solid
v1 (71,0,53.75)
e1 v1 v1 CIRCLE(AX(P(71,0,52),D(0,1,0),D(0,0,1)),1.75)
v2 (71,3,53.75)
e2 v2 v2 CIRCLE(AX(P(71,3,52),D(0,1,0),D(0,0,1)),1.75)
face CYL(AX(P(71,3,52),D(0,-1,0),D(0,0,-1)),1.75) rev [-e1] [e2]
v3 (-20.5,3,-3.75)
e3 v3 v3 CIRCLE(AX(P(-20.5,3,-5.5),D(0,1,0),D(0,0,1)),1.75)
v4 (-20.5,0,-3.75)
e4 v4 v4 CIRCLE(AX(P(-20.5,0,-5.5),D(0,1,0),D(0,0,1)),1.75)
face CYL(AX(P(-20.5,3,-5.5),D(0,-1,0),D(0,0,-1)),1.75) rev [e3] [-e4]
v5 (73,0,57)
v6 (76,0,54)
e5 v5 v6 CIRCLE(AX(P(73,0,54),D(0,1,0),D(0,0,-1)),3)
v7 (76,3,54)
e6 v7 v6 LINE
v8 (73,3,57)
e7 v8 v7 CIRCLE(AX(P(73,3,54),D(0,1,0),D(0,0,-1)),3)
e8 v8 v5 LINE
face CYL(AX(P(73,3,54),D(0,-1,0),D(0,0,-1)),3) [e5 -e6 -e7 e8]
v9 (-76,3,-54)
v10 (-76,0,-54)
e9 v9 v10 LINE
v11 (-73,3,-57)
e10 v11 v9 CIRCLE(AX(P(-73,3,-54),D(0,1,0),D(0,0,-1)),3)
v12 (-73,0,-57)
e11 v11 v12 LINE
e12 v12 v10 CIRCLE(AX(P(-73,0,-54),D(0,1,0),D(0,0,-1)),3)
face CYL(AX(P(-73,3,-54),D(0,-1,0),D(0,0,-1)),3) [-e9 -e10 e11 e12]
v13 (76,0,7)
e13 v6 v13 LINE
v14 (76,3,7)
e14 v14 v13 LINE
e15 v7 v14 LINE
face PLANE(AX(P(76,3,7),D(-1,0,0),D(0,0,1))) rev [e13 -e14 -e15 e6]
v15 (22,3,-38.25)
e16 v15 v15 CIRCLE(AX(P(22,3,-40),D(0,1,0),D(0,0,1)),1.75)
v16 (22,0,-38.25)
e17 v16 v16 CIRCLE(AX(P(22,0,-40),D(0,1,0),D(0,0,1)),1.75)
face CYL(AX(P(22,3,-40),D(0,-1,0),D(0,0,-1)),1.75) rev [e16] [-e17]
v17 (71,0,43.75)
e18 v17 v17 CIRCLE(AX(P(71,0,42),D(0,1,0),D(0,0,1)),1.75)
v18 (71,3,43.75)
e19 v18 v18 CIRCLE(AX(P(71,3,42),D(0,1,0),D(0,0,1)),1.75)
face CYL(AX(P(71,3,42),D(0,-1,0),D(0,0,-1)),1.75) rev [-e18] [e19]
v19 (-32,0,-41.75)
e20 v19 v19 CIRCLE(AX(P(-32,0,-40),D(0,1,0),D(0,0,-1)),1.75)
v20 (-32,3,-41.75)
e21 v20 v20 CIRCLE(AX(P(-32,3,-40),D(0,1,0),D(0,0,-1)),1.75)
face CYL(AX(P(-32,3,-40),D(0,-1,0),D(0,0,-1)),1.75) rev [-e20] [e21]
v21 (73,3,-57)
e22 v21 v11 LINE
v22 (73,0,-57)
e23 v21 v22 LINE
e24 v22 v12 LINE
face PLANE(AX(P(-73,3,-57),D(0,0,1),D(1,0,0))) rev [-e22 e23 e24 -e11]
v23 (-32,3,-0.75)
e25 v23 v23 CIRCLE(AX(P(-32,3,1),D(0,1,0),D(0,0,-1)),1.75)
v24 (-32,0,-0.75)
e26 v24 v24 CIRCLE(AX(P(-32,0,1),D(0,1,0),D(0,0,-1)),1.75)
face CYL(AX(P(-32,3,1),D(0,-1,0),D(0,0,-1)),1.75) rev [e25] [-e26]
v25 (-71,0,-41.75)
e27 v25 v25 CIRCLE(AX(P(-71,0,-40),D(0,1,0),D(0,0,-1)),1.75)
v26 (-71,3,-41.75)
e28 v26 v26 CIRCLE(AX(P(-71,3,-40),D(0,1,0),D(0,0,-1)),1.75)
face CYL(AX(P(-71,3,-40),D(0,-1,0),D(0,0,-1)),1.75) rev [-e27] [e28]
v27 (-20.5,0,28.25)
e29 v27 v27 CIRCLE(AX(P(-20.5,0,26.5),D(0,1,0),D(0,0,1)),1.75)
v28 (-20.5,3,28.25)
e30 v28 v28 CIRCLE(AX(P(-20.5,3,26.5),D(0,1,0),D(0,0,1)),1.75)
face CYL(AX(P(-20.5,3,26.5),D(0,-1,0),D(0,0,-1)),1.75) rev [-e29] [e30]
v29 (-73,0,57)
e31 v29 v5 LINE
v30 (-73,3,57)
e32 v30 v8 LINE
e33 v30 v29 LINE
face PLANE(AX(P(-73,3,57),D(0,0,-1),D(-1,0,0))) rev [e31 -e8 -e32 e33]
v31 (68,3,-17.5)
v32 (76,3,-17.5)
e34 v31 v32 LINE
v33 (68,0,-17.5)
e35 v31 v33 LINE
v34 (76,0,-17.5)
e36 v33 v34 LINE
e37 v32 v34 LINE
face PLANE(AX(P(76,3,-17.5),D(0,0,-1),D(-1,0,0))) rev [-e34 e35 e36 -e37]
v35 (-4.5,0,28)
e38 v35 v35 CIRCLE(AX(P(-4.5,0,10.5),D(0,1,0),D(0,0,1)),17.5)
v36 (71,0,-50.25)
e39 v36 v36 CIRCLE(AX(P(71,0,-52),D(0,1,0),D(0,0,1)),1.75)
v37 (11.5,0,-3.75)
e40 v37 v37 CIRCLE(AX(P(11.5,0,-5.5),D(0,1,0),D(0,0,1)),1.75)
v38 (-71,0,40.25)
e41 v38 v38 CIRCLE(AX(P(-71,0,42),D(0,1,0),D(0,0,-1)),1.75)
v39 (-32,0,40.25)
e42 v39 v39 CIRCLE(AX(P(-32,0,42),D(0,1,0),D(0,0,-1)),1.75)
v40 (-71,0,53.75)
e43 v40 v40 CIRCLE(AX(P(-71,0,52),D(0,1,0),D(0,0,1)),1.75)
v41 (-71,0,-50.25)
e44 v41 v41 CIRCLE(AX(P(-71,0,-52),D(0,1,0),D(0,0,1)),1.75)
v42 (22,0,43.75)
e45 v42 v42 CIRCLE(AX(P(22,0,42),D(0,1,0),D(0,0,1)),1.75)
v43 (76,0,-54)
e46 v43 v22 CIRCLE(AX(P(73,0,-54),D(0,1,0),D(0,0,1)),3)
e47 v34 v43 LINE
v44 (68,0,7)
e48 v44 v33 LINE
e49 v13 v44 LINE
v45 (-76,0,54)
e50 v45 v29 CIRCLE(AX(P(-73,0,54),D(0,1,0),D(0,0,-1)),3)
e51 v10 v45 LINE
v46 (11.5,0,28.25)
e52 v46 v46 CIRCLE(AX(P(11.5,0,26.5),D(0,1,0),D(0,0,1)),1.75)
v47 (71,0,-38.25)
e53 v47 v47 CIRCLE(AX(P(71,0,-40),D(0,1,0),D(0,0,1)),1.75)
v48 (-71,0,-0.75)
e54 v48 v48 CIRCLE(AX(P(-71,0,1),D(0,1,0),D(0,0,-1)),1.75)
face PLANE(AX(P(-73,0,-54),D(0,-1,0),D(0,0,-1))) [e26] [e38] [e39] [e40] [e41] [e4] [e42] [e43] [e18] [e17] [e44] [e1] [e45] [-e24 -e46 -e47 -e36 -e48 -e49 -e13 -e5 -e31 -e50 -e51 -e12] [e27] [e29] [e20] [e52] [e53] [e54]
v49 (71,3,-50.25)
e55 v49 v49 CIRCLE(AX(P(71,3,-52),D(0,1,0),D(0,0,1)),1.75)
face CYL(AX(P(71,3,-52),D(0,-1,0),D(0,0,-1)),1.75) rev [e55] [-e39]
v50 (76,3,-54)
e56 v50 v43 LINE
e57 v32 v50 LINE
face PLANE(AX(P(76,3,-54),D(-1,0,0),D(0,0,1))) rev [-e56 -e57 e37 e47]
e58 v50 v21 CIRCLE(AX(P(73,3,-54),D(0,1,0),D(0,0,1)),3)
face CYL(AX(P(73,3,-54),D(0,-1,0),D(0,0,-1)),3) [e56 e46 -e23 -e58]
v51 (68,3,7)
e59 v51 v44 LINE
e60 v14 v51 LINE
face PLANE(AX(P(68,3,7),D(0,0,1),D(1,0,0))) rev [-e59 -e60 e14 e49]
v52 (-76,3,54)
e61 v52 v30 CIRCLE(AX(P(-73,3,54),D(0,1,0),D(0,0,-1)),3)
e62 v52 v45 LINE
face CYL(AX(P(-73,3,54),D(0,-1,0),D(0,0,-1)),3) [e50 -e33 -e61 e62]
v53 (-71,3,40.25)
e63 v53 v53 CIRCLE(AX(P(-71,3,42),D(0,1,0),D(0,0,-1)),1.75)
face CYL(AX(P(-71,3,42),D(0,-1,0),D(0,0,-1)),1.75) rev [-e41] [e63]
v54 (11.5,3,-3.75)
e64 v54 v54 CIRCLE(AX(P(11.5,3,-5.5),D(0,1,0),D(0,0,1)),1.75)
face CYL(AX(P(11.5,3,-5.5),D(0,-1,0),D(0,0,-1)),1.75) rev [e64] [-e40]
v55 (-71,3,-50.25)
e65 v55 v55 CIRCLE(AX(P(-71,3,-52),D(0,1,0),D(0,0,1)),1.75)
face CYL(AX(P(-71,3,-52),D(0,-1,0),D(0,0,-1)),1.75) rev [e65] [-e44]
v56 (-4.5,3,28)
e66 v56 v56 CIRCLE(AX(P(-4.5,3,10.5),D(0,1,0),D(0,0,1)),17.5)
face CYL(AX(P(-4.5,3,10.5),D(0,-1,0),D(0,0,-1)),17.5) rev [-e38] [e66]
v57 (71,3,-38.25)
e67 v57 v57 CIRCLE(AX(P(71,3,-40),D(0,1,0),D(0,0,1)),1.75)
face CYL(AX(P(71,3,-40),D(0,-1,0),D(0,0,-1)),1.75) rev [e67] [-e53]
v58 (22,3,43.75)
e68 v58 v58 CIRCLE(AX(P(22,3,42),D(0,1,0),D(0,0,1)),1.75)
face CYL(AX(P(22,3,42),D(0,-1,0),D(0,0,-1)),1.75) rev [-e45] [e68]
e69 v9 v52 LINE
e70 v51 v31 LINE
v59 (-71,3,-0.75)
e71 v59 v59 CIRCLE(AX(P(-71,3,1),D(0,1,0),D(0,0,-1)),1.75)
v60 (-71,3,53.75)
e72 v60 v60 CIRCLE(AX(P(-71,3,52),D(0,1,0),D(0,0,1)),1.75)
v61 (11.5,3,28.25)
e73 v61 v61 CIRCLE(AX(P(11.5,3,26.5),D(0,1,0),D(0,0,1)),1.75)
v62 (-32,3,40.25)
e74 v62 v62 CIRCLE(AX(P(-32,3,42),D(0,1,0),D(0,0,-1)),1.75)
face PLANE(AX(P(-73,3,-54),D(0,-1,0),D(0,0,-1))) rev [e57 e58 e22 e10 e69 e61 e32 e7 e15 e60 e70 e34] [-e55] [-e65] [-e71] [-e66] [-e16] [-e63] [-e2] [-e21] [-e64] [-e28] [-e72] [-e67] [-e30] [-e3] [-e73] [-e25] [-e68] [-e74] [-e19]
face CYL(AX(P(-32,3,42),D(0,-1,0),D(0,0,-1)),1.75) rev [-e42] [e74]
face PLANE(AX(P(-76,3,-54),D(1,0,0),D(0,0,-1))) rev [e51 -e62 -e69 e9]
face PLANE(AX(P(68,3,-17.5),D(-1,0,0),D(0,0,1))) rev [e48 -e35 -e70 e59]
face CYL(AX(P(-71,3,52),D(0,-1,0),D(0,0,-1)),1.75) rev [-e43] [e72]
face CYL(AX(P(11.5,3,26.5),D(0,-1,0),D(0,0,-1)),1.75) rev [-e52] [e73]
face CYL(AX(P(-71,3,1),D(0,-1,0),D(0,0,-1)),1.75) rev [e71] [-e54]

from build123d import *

# Parameters (mm, degrees)
SKETCH_1_R      = 1.75
SKETCH_1_R_2    = 17.5
EXTRUDE_1_DEPTH = 3


with BuildPart() as part:
    # 草图1 → 凸台-拉伸1 (new body)
    with BuildSketch(Plane(origin=(0, 0, 0), x_dir=(1, 0, 0), z_dir=(0, 1, 0))):
        with BuildLine():
            Line((76, 17.5), (68, 17.5))
            Line((68, 17.5), (68, -7))
            Line((68, -7), (76, -7))
            Line((76, -7), (76, -54))
            ThreePointArc((76, -54), (75.121320344, -56.121320344), (73, -57))
            Line((73, -57), (-73, -57))
            ThreePointArc((-73, -57), (-75.121320344, -56.121320344), (-76, -54))
            Line((-76, -54), (-76, 54))
            ThreePointArc((-76, 54), (-75.121320344, 56.121320344), (-73, 57))
            Line((-73, 57), (73, 57))
            ThreePointArc((73, 57), (75.121320344, 56.121320344), (76, 54))
            Line((76, 54), (76, 17.5))
        make_face()
        with Locations(Location((-71, 52, 0), (0, 0, 270))):
            Circle(SKETCH_1_R, mode=Mode.SUBTRACT)
        with Locations(Location((71, 52, 0), (0, 0, 270))):
            Circle(SKETCH_1_R, mode=Mode.SUBTRACT)
        with Locations(Location((71, -52, 0), (0, 0, 270))):
            Circle(SKETCH_1_R, mode=Mode.SUBTRACT)
        with Locations(Location((-71, -52, 0), (0, 0, 270))):
            Circle(SKETCH_1_R, mode=Mode.SUBTRACT)
        with Locations(Location((-4.5, -10.5, 0), (0, 0, 270))):
            Circle(SKETCH_1_R_2, mode=Mode.SUBTRACT)
        with Locations(Location((-20.5, 5.5, 0), (0, 0, 270))):
            Circle(SKETCH_1_R, mode=Mode.SUBTRACT)
        with Locations(Location((11.5, 5.5, 0), (0, 0, 270))):
            Circle(SKETCH_1_R, mode=Mode.SUBTRACT)
        with Locations(Location((11.5, -26.5, 0), (0, 0, 270))):
            Circle(SKETCH_1_R, mode=Mode.SUBTRACT)
        with Locations(Location((-20.5, -26.5, 0), (0, 0, 270))):
            Circle(SKETCH_1_R, mode=Mode.SUBTRACT)
        with Locations(Location((71, 40, 0), (0, 0, 270))):
            Circle(SKETCH_1_R, mode=Mode.SUBTRACT)
        with Locations(Location((22, 40, 0), (0, 0, 270))):
            Circle(SKETCH_1_R, mode=Mode.SUBTRACT)
        with Locations(Location((22, -42, 0), (0, 0, 270))):
            Circle(SKETCH_1_R, mode=Mode.SUBTRACT)
        with Locations(Location((71, -42, 0), (0, 0, 270))):
            Circle(SKETCH_1_R, mode=Mode.SUBTRACT)
        with Locations(Location((-71, 40, 0), (0, 0, 90))):
            Circle(SKETCH_1_R, mode=Mode.SUBTRACT)
        with Locations(Location((-32, 40, 0), (0, 0, 90))):
            Circle(SKETCH_1_R, mode=Mode.SUBTRACT)
        with Locations(Location((-32, -1, 0), (0, 0, 90))):
            Circle(SKETCH_1_R, mode=Mode.SUBTRACT)
        with Locations(Location((-32, -42, 0), (0, 0, 90))):
            Circle(SKETCH_1_R, mode=Mode.SUBTRACT)
        with Locations(Location((-71, -1, 0), (0, 0, 90))):
            Circle(SKETCH_1_R, mode=Mode.SUBTRACT)
        with Locations(Location((-71, -42, 0), (0, 0, 90))):
            Circle(SKETCH_1_R, mode=Mode.SUBTRACT)
    extrude(amount=EXTRUDE_1_DEPTH)


solid = part.part
